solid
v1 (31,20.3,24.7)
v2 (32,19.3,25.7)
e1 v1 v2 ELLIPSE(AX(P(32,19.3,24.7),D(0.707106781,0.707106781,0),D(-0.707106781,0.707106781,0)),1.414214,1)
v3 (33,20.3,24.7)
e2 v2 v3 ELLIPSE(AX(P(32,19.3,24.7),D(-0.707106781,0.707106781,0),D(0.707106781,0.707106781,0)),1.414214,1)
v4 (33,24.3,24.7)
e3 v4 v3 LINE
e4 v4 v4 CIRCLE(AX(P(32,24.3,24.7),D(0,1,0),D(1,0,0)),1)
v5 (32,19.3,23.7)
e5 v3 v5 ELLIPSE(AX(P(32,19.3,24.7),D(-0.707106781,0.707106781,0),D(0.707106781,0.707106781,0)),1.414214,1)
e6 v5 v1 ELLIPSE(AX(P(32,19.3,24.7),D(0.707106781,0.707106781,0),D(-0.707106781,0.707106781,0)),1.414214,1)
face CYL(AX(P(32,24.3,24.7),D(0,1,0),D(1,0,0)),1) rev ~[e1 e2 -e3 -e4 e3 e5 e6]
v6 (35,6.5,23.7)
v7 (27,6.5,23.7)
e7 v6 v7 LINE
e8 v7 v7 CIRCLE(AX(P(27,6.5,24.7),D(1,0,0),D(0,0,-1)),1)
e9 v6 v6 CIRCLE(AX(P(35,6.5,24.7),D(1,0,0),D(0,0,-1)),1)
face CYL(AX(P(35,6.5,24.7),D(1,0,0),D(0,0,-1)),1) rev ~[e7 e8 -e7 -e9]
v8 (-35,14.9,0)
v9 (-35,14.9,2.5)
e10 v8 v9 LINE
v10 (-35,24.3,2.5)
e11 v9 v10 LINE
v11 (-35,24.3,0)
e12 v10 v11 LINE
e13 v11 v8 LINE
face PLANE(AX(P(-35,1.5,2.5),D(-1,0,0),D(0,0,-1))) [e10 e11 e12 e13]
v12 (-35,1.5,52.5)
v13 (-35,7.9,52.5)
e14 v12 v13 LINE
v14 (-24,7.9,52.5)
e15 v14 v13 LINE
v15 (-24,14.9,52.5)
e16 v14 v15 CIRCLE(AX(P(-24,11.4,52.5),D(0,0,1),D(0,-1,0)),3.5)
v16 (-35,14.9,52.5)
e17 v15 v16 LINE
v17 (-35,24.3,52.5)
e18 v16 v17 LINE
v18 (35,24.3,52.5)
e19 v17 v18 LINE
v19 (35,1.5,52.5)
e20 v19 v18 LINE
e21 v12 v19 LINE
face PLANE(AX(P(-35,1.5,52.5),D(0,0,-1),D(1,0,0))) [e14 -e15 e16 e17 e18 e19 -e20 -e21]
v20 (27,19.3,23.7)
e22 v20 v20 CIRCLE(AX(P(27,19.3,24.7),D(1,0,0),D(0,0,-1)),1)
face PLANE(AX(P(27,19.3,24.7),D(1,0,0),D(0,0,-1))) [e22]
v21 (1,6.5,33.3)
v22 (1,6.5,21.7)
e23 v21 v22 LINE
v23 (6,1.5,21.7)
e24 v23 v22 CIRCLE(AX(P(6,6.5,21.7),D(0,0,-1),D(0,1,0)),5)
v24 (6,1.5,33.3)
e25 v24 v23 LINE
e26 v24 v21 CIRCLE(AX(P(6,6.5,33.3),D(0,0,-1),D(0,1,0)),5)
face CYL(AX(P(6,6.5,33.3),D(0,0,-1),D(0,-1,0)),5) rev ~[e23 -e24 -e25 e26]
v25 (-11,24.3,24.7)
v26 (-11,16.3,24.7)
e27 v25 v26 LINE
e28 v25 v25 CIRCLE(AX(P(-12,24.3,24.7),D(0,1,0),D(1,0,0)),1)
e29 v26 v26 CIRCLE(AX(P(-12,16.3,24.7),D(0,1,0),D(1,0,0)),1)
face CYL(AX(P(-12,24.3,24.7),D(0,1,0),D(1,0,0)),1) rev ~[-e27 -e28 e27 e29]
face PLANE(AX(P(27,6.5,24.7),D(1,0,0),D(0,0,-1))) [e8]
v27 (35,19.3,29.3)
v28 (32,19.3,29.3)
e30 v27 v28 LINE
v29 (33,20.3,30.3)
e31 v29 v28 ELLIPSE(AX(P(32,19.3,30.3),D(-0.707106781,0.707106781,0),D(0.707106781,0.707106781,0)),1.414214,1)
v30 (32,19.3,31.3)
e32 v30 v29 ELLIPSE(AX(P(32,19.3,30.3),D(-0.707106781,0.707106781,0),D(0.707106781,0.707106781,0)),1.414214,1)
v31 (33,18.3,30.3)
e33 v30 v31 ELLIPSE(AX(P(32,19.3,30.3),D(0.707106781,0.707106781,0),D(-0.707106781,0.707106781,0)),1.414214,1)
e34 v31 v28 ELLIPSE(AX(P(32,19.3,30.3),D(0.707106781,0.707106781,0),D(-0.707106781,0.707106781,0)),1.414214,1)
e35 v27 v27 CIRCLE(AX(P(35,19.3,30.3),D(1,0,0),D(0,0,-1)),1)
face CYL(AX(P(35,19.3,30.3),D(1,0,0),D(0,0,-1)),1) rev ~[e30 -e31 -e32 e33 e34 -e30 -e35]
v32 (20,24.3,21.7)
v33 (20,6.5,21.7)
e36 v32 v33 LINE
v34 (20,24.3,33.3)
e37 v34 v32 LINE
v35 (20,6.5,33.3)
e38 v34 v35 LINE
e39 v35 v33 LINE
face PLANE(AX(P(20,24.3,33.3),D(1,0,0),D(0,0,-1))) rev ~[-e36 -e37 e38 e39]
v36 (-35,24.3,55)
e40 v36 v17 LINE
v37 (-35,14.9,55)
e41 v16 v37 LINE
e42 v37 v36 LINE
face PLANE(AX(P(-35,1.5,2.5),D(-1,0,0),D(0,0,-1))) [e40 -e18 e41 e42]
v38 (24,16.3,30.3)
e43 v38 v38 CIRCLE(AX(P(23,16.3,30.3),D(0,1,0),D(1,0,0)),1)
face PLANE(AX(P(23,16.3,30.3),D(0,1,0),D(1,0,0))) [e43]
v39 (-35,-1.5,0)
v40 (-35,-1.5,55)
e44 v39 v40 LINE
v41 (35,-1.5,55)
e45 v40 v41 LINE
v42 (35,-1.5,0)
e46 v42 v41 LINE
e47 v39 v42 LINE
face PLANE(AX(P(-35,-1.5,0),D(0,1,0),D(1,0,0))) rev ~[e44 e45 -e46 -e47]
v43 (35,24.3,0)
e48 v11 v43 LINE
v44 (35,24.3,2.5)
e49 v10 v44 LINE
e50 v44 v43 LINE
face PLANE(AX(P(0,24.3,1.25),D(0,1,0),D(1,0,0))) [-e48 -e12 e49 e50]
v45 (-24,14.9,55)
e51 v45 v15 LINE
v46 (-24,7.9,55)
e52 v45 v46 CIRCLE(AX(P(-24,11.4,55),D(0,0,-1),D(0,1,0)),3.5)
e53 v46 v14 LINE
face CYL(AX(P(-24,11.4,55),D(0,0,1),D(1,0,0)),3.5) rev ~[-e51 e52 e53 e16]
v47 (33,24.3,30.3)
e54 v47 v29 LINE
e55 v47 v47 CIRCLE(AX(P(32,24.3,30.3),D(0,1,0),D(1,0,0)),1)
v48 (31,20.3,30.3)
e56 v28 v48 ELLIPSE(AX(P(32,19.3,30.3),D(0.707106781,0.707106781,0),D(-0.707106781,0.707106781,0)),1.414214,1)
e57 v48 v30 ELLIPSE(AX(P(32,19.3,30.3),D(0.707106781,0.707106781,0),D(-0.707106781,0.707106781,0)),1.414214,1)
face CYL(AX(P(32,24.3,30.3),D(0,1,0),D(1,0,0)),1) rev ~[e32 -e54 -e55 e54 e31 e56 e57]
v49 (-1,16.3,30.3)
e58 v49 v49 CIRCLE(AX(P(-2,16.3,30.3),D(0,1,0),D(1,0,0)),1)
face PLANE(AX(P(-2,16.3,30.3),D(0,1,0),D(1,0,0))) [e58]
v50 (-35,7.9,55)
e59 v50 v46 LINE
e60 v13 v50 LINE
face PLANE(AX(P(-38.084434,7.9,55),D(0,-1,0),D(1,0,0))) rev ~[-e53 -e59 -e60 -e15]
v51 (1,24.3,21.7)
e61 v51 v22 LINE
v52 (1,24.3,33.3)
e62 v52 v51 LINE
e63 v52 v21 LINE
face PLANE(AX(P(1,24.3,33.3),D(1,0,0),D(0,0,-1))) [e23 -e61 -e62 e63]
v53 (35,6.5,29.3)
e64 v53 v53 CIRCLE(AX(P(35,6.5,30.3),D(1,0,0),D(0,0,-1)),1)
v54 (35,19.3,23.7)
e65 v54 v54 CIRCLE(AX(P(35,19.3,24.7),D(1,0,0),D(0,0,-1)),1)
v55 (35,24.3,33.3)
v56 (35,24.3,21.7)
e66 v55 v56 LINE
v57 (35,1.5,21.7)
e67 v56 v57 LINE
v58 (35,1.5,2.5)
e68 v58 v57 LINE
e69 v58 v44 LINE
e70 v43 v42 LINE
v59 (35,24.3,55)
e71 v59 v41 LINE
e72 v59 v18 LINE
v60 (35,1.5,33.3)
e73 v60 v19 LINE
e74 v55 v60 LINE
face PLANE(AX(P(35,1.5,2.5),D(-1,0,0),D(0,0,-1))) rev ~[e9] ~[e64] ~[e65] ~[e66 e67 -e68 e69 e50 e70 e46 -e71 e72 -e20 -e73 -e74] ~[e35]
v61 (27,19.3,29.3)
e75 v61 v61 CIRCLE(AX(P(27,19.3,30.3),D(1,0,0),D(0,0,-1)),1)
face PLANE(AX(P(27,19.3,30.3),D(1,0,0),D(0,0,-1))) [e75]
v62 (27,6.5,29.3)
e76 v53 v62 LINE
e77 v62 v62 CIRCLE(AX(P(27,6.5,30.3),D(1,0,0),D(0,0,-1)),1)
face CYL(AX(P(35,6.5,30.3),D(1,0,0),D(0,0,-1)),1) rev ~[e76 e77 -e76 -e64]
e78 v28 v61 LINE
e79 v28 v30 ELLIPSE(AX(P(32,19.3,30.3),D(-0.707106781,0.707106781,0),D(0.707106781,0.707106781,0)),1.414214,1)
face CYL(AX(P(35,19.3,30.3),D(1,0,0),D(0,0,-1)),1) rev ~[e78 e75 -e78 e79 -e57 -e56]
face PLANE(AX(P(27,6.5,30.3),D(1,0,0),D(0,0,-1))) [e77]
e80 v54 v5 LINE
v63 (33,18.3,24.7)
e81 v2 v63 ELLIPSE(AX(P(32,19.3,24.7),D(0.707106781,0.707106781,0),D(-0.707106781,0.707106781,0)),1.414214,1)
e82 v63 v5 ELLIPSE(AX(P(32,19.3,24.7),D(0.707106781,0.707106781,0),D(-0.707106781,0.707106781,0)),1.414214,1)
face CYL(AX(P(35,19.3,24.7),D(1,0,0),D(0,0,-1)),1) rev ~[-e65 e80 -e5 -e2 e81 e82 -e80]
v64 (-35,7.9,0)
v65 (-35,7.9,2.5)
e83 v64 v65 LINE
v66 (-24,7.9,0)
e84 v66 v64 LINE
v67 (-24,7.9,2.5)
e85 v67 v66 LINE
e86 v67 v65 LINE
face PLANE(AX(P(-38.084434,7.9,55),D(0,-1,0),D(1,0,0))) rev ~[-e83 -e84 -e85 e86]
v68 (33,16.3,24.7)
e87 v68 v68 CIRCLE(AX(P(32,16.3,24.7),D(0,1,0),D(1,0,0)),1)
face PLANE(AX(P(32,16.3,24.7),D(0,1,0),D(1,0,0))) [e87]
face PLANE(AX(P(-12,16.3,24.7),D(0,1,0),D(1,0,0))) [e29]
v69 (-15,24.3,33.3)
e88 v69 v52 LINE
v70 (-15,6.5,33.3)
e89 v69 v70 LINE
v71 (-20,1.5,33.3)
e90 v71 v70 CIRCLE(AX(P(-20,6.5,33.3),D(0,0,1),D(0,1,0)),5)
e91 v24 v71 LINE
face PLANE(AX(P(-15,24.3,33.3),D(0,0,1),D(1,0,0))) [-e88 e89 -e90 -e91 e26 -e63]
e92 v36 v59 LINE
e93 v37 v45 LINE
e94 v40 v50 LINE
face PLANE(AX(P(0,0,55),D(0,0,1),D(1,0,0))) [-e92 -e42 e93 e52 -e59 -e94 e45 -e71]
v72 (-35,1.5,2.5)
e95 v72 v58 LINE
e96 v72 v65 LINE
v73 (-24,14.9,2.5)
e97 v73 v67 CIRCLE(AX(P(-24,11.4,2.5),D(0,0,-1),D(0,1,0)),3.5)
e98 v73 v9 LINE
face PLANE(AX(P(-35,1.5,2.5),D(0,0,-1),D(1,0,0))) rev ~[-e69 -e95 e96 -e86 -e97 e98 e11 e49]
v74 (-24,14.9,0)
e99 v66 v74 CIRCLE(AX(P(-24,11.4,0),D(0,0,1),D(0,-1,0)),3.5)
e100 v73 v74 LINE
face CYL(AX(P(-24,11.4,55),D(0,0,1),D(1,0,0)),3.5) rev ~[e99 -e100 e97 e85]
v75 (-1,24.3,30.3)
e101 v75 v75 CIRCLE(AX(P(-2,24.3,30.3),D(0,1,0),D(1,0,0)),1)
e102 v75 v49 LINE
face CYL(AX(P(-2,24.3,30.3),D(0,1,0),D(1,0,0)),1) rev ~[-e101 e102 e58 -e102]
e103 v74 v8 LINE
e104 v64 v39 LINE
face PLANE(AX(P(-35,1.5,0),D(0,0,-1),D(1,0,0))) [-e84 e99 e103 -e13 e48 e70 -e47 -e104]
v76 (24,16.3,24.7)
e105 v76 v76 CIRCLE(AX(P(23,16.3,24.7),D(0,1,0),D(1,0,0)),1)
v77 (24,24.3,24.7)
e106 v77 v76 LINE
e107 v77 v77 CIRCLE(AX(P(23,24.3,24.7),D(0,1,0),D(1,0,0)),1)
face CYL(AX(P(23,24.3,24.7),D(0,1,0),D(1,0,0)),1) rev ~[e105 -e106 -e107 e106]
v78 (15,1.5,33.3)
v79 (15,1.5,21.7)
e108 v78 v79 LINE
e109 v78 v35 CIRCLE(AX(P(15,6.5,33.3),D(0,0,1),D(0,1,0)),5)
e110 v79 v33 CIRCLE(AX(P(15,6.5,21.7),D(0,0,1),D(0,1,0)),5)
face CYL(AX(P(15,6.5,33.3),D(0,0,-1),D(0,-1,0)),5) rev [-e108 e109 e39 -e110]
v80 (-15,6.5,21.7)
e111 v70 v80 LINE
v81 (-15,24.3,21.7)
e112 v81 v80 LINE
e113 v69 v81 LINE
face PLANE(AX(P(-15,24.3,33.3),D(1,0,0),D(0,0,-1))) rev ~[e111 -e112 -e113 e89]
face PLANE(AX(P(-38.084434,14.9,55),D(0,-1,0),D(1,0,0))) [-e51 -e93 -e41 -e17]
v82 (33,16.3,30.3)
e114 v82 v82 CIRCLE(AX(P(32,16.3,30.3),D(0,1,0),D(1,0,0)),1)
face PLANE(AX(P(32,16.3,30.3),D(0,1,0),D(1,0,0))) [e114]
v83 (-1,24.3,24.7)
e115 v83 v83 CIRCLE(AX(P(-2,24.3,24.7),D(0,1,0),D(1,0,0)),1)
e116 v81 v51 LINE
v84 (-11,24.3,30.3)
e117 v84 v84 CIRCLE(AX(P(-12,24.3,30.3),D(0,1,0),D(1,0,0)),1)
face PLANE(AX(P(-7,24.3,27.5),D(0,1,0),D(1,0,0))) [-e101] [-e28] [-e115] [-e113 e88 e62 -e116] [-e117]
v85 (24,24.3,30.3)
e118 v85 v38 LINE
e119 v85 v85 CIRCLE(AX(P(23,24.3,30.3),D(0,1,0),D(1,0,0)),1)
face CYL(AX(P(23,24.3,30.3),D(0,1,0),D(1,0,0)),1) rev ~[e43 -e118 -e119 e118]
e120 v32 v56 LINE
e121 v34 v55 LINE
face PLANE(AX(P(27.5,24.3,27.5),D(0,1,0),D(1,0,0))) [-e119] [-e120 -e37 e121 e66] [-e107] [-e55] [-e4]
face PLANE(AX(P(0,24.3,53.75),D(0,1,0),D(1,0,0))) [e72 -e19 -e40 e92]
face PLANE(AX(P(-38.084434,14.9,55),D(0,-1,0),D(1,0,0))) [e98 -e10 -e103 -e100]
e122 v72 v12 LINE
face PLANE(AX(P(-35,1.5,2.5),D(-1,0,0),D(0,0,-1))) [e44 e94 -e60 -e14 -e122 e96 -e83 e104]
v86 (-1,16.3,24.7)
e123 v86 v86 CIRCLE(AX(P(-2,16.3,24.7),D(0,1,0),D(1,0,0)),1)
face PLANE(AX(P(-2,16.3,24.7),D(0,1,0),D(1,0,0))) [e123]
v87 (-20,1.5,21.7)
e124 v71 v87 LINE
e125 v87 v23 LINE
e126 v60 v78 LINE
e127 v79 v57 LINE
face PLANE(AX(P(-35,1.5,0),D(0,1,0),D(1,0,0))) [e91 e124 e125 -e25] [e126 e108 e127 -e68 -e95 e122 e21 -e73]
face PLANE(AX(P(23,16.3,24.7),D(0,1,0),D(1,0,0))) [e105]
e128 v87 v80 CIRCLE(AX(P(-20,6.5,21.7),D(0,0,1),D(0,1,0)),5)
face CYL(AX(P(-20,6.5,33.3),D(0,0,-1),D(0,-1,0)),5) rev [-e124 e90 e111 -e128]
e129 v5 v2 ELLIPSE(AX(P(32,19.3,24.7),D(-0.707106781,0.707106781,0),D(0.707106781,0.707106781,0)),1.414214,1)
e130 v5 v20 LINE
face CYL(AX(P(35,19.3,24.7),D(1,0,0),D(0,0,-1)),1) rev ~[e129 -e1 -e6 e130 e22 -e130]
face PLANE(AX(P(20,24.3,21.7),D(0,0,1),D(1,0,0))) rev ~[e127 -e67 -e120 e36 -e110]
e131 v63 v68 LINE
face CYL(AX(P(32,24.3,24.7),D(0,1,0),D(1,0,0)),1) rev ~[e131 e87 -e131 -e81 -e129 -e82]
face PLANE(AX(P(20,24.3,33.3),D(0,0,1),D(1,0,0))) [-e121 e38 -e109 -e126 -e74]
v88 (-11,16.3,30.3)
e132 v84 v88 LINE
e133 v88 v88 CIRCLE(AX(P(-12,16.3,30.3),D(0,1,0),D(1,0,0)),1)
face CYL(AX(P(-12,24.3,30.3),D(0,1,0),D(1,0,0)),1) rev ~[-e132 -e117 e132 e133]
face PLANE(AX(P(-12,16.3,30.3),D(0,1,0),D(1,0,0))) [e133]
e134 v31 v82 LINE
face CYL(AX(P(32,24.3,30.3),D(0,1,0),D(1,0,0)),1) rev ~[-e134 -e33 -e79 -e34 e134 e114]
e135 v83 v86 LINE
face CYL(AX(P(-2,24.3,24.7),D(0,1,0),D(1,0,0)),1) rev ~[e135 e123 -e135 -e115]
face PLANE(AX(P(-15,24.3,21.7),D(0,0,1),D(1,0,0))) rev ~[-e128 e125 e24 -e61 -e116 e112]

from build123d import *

# Parameters (mm, degrees)
SKETCH1_W           = 70
SKETCH1_H           = 3
BOSS_EXTRUDE1_DEPTH = 55
SKETCH2_W           = 70
SKETCH2_H           = 2.5
BOSS_EXTRUDE2_DEPTH = 22.8
SKETCH5_R           = 3.5
CUT_EXTRUDE1_DEPTH  = 84.8
SKETCH6_W           = 16
SKETCH6_H           = 11.6
SKETCH6_W_2         = 15
BOSS_EXTRUDE7_DEPTH = 22.8
SKETCH7_R           = 1
CUT_EXTRUDE2_DEPTH  = 8
SKETCH8_R           = 1
CUT_EXTRUDE3_DEPTH  = 8
FILLET1_R           = 5
SKETCH9_W           = 14.084433838
SKETCH9_H           = 7
CUT_EXTRUDE4_DEPTH  = 66


with BuildPart() as part:
    # Sketch1 → Boss-Extrude1 (new body)
    with BuildSketch(Plane.XY):
        Rectangle(SKETCH1_W, SKETCH1_H)
    extrude(amount=BOSS_EXTRUDE1_DEPTH)

    # Sketch2 → Boss-Extrude2 (add)
    with BuildSketch(Plane(origin=(0, 1.5, 0), x_dir=(1, 0, 0), z_dir=(0, 1, 0))):
        with Locations((0, -1.25)):
            Rectangle(SKETCH2_W, SKETCH2_H)
        with Locations((0, -53.75)):
            Rectangle(SKETCH2_W, SKETCH2_H)
    extrude(amount=BOSS_EXTRUDE2_DEPTH)

    # Sketch5 → Cut-Extrude1 (cut)
    with BuildSketch(Plane.XY.offset(55)):
        with Locations((-24, 11.4)):
            Circle(SKETCH5_R)
    extrude(amount=-CUT_EXTRUDE1_DEPTH, mode=Mode.SUBTRACT)

    # Sketch6 → Boss-Extrude7 (add)
    with BuildSketch(Plane(origin=(0, 24.3, 0), x_dir=(1, 0, 0), z_dir=(0, 1, 0))):
        with Locations((-7, -27.5)):
            Rectangle(SKETCH6_W, SKETCH6_H)
        with Locations((27.5, -27.5)):
            Rectangle(SKETCH6_W_2, SKETCH6_H)
    extrude(amount=-BOSS_EXTRUDE7_DEPTH)

    # Sketch7 → Cut-Extrude2 (cut)
    with BuildSketch(Plane(origin=(0, 24.3, 0), x_dir=(1, 0, 0), z_dir=(0, 1, 0))):
        with Locations((-12, -24.7)):
            Circle(SKETCH7_R)
        with Locations((23, -30.3)):
            Circle(SKETCH7_R)
        with Locations((-2, -24.7)):
            Circle(SKETCH7_R)
        with Locations((-2, -30.3)):
            Circle(SKETCH7_R)
        with Locations((-12, -30.3)):
            Circle(SKETCH7_R)
        with Locations((23, -24.7)):
            Circle(SKETCH7_R)
        with Locations((32, -24.7)):
            Circle(SKETCH7_R)
        with Locations((32, -30.3)):
            Circle(SKETCH7_R)
    extrude(amount=-CUT_EXTRUDE2_DEPTH, mode=Mode.SUBTRACT)

    # Sketch8 → Cut-Extrude3 (cut)
    with BuildSketch(Plane(origin=(35, 0, 0), x_dir=(0, 0, -1), z_dir=(1, 0, 0))):
        with Locations((-24.7, 19.3)):
            Circle(SKETCH8_R)
        with Locations((-30.3, 19.3)):
            Circle(SKETCH8_R)
        with Locations((-24.7, 6.5)):
            Circle(SKETCH8_R)
        with Locations((-30.3, 6.5)):
            Circle(SKETCH8_R)
    extrude(amount=-CUT_EXTRUDE3_DEPTH, mode=Mode.SUBTRACT)

    # Fillet1
    fillet1_edges = [part.edges().sort_by_distance(p)[0] for p in [
        (1, 1.5, 27.5),
        (-15, 1.5, 27.5),
        (20, 1.5, 27.5),
    ]]
    fillet(fillet1_edges, radius=FILLET1_R)

    # Sketch9 → Cut-Extrude4 (cut)
    with BuildSketch(Plane.XY.offset(55)):
        with Locations((-31.042216919, 11.4)):
            Rectangle(SKETCH9_W, SKETCH9_H)
    extrude(amount=-CUT_EXTRUDE4_DEPTH, mode=Mode.SUBTRACT)


solid = part.part
